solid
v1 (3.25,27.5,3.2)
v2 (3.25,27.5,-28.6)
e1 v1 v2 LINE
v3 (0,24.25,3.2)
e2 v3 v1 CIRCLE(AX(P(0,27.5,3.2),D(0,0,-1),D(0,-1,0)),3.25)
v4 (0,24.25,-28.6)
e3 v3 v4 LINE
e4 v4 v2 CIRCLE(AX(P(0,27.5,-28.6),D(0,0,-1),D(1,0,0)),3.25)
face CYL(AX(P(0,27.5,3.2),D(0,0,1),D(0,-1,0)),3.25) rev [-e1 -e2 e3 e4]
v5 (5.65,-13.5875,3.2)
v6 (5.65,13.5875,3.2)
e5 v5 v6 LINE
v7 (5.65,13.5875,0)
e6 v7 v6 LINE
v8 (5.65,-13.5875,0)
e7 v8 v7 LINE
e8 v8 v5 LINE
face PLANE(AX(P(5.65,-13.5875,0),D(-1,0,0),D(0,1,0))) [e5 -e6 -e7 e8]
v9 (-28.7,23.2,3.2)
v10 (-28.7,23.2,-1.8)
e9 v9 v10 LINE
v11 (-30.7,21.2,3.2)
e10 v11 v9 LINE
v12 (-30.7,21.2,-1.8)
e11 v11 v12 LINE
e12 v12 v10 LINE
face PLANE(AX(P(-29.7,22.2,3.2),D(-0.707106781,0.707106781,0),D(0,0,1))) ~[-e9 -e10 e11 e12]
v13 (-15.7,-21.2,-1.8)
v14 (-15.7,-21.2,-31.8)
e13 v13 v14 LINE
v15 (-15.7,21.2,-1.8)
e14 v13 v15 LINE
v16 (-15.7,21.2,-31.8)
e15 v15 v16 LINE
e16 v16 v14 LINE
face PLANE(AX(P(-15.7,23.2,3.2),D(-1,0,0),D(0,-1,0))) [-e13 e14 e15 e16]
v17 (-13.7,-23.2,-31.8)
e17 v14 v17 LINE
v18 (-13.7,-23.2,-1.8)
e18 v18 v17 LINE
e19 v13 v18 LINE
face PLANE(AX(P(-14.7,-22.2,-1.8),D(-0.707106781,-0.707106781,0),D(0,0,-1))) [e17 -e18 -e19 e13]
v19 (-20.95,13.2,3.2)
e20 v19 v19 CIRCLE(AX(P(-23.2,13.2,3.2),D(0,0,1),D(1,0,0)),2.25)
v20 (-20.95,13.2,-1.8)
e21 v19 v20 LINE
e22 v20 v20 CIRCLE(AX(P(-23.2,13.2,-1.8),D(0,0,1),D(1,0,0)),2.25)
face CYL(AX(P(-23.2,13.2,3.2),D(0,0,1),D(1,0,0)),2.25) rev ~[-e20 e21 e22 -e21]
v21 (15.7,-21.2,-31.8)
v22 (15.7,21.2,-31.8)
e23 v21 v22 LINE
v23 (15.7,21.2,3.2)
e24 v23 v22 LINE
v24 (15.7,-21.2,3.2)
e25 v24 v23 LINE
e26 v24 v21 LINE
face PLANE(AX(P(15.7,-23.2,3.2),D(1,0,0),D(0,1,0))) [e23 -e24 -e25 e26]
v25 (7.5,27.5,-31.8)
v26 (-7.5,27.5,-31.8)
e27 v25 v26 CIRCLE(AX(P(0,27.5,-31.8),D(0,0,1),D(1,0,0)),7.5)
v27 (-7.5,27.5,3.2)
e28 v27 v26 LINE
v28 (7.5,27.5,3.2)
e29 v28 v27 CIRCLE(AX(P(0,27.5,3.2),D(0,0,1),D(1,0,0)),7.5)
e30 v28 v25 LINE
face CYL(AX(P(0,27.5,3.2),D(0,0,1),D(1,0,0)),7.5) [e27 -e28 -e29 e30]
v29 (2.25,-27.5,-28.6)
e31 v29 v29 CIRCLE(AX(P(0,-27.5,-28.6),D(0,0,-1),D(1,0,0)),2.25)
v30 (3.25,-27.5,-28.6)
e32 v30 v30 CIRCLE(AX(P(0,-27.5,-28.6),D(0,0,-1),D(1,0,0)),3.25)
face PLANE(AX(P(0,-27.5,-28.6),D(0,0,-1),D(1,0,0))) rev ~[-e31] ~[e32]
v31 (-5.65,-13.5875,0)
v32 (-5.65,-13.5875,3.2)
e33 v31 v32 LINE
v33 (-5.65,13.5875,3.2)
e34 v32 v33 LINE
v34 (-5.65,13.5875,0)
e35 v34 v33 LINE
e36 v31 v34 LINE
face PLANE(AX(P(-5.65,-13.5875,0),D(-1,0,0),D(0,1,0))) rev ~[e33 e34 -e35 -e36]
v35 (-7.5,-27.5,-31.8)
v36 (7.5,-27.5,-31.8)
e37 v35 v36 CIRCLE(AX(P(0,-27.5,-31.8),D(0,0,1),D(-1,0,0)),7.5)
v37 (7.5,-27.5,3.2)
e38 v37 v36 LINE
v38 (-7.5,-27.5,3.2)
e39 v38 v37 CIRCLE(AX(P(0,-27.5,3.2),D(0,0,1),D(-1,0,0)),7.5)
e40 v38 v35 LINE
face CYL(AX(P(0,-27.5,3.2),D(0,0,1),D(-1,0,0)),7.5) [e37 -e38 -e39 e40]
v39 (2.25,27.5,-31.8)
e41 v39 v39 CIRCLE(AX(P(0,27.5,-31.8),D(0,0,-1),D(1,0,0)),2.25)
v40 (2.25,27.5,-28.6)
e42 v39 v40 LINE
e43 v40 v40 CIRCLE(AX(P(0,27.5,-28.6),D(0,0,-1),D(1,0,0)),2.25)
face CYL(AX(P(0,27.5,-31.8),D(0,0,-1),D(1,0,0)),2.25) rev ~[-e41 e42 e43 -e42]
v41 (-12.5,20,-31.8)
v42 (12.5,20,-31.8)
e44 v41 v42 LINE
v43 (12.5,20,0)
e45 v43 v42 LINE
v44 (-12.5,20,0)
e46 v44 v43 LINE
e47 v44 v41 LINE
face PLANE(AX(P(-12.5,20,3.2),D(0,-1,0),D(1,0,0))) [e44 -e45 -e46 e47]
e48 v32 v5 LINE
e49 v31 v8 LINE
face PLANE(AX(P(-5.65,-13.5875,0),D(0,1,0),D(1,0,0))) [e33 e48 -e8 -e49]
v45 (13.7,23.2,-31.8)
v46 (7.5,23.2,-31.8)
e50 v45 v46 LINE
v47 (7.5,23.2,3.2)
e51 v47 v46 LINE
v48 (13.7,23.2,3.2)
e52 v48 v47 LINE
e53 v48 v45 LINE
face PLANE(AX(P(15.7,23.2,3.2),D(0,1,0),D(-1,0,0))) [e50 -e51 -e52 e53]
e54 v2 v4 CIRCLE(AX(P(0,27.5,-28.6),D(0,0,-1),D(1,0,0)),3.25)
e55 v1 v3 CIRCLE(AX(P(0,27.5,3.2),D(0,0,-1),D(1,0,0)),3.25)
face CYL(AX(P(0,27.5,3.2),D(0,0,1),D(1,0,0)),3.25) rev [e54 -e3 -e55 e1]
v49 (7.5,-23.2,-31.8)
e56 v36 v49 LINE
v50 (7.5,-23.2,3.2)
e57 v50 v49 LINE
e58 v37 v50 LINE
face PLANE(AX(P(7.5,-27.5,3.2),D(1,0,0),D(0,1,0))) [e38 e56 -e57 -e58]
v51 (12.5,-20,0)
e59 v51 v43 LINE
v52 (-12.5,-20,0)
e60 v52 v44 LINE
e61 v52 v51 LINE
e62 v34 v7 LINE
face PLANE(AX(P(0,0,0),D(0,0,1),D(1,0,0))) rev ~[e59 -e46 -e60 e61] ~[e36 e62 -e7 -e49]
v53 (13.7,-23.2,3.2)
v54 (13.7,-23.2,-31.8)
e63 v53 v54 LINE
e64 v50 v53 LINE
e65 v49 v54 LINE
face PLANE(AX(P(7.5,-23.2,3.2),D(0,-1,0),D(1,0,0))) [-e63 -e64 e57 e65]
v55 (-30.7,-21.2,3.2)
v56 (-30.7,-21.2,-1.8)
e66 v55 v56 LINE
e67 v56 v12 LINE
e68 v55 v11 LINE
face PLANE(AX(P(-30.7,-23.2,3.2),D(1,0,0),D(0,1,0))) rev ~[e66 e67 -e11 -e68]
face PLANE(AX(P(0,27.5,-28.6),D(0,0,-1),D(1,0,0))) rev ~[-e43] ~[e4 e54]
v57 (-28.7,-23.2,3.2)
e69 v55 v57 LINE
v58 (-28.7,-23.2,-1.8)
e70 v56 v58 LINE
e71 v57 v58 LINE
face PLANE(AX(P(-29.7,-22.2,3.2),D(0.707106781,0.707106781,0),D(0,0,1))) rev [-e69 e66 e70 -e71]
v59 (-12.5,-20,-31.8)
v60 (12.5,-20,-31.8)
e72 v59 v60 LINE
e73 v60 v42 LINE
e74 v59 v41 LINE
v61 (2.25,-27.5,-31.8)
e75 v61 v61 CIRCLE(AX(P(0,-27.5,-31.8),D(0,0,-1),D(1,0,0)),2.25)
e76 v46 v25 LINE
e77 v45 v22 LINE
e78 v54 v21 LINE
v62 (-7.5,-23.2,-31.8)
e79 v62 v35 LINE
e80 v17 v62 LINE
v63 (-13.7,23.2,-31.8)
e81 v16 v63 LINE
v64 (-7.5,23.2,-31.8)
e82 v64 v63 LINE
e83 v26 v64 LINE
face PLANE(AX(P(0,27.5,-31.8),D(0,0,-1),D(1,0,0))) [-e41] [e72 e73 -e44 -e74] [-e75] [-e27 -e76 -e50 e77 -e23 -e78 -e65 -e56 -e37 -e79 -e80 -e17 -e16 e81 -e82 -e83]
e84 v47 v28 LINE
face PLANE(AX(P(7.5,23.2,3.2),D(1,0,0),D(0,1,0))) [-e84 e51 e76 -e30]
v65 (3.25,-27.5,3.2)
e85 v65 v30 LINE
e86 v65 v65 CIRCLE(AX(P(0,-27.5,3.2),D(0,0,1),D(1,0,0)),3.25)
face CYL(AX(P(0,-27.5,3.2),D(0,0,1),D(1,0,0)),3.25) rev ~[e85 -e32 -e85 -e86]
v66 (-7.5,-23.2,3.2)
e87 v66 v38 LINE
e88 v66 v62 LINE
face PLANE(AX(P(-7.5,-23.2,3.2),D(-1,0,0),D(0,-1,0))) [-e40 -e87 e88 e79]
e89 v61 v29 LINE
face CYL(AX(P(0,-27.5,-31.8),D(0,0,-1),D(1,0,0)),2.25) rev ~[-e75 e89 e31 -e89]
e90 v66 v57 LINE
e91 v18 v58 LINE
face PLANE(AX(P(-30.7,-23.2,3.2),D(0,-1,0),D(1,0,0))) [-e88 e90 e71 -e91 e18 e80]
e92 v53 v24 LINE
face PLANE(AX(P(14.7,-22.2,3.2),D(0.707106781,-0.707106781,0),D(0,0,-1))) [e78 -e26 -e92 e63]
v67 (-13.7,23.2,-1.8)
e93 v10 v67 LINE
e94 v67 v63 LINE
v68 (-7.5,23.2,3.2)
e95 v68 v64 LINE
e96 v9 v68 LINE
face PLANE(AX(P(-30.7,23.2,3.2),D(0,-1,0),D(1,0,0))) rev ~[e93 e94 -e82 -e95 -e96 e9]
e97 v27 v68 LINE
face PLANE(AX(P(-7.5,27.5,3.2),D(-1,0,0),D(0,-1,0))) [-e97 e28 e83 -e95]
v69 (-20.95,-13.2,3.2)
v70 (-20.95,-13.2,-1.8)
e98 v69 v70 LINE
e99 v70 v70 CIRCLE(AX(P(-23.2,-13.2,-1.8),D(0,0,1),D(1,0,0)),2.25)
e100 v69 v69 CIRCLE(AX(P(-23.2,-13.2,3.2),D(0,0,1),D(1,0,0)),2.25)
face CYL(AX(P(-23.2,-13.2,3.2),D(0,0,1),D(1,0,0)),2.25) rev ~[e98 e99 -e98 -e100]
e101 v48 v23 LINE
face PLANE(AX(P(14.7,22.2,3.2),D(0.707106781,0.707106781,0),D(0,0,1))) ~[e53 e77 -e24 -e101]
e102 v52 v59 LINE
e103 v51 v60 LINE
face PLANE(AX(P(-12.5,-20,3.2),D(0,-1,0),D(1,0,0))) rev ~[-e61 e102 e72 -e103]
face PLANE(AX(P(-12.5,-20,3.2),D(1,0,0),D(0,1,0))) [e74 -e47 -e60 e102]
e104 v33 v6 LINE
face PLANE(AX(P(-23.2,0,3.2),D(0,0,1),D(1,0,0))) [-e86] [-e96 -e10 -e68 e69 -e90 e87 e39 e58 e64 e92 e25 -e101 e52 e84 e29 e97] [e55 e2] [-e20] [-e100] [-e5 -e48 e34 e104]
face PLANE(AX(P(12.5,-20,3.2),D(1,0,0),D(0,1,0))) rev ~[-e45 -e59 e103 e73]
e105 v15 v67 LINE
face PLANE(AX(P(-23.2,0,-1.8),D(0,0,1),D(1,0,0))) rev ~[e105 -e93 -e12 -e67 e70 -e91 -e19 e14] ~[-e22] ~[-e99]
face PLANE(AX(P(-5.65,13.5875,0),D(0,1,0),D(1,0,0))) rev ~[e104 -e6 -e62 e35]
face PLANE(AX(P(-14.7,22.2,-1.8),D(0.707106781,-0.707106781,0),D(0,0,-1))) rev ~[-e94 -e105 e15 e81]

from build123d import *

# Parameters (mm, degrees)
F0_W     = 25
F0_H     = 40
F0_W_2   = 11.3
F0_H_2   = 27.175
F1_DEPTH = 3.2
F2_R     = 3.25
F2_W     = 25
F2_H     = 40
F3_DEPTH = 35
F4_W     = 15
F4_H     = 46.4
F4_R     = 2.25
F5_DEPTH = 5
F6_SIZE  = 2
F7_R     = 3.25
F7_R_2   = 2.25
F8_DEPTH = 3.2


with BuildPart() as f1:
    # F0 (on Top) → F1 (new body)
    with BuildSketch(Plane.XY):
        Rectangle(F0_W, F0_H)
        Rectangle(F0_W_2, F0_H_2, mode=Mode.SUBTRACT)
    extrude(amount=F1_DEPTH)

    # F2 (on face) → F3 (join)
    with BuildSketch(Plane.XY.offset(3.2)):
        with BuildLine():
            Line((15.7, -23.2), (15.7, 23.2))
            Line((15.7, 23.2), (7.5, 23.2))
            Line((7.5, 23.2), (7.5, 27.5))
            ThreePointArc((7.5, 27.5), (0, 35), (-7.5, 27.5))
            Line((-7.5, 27.5), (-7.5, 23.2))
            Line((-7.5, 23.2), (-15.7, 23.2))
            Line((-15.7, 23.2), (-15.7, -23.2))
            Line((-15.7, -23.2), (-7.5, -23.2))
            Line((-7.5, -23.2), (-7.5, -27.5))
            ThreePointArc((-7.5, -27.5), (0, -35), (7.5, -27.5))
            Line((7.5, -27.5), (7.5, -23.2))
            Line((7.5, -23.2), (15.7, -23.2))
        make_face()
        with Locations((0, -27.5)):
            Circle(F2_R, mode=Mode.SUBTRACT)
        Rectangle(F2_W, F2_H, mode=Mode.SUBTRACT)
        with BuildLine():
            ThreePointArc((0, 24.25), (-2.2980970389, 29.7980970389), (3.25, 27.5))
            ThreePointArc((3.25, 27.5), (2.2980970389, 25.2019029611), (0, 24.25))
        make_face(mode=Mode.SUBTRACT)
    extrude(amount=-F3_DEPTH)

    # F4 (on face) → F5 (join)
    with BuildSketch(Plane.XY.offset(3.2)):
        with Locations((-23.2, 0)):
            Rectangle(F4_W, F4_H)
        with Locations((-23.2, -13.2)):
            Circle(F4_R, mode=Mode.SUBTRACT)
        with Locations((-23.2, 13.2)):
            Circle(F4_R, mode=Mode.SUBTRACT)
    extrude(amount=-F5_DEPTH)

    # F6
    f6_edges = [f1.edges().sort_by_distance(p)[0] for p in [
        (15.7, 23.2, -14.3),
        (-15.7, 23.2, -16.8),
        (-15.7, -23.2, -16.8),
        (15.7, -23.2, -14.3),
        (-30.7, 23.2, 0.7),
        (-30.7, -23.2, 0.7),
    ]]
    chamfer(f6_edges, length=F6_SIZE)

    # F7 (on face) → F8 (join)
    with BuildSketch(Plane(origin=(0, 0, -31.8), x_dir=(1, 0, 0), z_dir=(0, 0, -1))):
        with Locations((0, -27.5)):
            Circle(F7_R)
        with Locations((0, -27.5)):
            Circle(F7_R_2, mode=Mode.SUBTRACT)
        with Locations((0, 27.5)):
            Circle(F7_R)
        with Locations((0, 27.5)):
            Circle(F7_R_2, mode=Mode.SUBTRACT)
    extrude(amount=-F8_DEPTH)


solid = f1.part
